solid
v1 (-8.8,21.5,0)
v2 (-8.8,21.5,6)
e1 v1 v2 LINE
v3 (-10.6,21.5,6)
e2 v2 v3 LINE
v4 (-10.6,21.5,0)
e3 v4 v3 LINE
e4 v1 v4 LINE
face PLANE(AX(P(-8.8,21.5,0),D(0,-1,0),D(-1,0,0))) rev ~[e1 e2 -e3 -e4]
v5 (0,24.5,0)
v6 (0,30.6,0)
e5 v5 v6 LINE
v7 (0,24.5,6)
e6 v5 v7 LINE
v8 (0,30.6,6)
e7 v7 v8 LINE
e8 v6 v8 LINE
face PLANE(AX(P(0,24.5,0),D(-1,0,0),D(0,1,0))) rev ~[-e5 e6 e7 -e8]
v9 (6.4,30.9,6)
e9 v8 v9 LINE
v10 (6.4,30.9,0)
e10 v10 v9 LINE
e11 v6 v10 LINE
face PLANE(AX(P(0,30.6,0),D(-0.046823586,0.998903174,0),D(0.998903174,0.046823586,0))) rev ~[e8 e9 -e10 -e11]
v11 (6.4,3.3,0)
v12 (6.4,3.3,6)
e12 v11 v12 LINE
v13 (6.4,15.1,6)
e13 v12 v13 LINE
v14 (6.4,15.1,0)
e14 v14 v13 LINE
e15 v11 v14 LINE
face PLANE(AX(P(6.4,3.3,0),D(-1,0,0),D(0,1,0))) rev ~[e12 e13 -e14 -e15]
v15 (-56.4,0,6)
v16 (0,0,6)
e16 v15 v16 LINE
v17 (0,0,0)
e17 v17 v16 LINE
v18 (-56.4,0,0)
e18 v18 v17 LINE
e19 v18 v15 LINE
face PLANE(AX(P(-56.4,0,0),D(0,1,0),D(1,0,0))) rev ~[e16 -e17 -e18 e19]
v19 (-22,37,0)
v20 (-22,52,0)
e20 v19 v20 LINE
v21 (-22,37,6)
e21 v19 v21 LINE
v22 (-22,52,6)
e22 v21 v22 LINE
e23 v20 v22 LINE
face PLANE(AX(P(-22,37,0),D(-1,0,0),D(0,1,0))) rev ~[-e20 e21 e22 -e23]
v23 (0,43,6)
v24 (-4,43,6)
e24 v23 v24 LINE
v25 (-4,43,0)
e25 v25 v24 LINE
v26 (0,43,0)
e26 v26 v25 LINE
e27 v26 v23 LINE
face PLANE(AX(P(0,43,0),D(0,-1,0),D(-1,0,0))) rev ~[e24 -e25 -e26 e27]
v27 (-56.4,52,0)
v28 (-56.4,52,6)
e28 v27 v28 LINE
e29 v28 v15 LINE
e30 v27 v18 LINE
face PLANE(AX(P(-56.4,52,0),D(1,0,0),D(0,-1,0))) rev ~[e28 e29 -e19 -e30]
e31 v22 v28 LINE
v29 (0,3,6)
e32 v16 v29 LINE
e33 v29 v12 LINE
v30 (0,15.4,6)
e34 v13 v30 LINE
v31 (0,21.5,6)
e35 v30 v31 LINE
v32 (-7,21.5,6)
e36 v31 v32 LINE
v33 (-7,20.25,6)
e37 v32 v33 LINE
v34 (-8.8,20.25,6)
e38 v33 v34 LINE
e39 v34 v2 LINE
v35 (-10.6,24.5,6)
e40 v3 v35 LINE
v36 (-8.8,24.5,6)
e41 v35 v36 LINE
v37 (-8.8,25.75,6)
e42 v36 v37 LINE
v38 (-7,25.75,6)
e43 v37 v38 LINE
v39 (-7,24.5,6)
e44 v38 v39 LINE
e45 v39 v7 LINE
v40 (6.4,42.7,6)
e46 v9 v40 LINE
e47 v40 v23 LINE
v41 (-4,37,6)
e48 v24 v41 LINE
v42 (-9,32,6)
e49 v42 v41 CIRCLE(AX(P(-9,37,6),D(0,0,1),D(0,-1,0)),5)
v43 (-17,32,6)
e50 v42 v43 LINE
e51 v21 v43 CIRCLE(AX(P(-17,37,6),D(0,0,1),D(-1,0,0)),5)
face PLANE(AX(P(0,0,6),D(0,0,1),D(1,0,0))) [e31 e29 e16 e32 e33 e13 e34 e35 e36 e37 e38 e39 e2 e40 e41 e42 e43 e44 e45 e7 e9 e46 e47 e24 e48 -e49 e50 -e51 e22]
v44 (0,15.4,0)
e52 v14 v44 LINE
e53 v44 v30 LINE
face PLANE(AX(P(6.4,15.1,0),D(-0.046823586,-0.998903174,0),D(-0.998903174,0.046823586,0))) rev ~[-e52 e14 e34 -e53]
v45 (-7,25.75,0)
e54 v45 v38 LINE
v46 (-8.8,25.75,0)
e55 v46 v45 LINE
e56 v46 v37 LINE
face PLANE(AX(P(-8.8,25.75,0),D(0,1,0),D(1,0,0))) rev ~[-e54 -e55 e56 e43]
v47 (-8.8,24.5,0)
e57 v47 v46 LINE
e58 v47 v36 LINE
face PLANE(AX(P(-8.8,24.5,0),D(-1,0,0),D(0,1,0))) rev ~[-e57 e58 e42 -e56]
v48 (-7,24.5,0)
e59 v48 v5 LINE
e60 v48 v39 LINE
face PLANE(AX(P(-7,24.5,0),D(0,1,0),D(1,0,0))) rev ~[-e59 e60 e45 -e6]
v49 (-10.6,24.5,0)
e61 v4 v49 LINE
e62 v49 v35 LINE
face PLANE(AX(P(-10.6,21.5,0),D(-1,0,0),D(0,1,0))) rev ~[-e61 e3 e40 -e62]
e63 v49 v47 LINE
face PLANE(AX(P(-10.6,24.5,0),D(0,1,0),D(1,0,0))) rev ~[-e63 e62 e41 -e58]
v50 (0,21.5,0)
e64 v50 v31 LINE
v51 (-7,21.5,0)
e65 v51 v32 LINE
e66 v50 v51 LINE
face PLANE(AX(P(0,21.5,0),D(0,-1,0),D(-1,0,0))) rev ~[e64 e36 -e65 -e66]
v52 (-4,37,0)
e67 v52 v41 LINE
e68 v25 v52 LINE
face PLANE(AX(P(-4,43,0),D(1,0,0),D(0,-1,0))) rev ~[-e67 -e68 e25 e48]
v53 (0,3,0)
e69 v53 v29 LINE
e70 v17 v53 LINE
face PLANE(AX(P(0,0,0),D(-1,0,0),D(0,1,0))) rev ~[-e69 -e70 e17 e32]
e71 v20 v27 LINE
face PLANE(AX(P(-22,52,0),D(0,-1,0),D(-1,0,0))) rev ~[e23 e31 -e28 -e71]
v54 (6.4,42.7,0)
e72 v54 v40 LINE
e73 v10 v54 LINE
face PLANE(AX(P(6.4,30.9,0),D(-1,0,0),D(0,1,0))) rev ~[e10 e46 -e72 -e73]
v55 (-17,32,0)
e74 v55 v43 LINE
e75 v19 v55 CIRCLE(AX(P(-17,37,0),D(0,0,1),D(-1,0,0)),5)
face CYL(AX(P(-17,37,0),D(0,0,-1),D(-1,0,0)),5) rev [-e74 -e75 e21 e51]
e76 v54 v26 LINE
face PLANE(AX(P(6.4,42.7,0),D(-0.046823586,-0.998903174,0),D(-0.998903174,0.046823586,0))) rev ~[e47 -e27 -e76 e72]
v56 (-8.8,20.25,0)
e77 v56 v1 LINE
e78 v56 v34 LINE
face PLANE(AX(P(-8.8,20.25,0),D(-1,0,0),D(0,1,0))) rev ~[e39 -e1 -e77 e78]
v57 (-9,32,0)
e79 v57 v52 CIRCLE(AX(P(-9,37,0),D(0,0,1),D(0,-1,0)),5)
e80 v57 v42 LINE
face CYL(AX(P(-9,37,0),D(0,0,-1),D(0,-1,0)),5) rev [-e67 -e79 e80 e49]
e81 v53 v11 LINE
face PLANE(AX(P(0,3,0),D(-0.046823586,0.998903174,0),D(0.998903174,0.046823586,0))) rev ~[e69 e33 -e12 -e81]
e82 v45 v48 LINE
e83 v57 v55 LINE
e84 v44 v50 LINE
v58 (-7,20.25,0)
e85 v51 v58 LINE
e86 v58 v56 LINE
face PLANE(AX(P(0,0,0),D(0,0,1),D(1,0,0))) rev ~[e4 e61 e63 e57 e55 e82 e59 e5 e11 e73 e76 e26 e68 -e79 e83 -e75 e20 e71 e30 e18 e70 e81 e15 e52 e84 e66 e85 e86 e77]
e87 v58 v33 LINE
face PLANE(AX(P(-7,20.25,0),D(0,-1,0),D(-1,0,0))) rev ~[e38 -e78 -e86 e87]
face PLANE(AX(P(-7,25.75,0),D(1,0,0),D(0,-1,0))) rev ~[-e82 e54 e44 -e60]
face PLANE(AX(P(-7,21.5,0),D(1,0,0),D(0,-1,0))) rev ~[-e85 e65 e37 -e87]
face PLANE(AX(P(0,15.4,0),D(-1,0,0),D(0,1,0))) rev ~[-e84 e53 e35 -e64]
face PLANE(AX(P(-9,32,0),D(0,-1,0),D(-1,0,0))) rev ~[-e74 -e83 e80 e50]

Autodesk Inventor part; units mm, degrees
ref_plane "YZ Plane" through (0, 0, 0) normal (1, 0, 0) x (0, 1, 0)
ref_plane "XZ Plane" through (0, 0, 0) normal (0, 1, 0) x (-1, 0, 0)
ref_plane "XY Plane" through (0, 0, 0) normal (0, 0, 1) x (1, 0, 0)
sketch "Sketch1" plane through (0, 0, 0) normal (0, 0, 1) x (1, 0, 0)
  line L0 (0, 43) -> (-4, 43)
  line L1 (-4, 43) -> (-4, 37)
  arc A0 (-9, 32) -> (-4, 37) centre (-9, 37) ccw
  line L2 (-9, 32) -> (-17, 32)
  arc A1 (-22, 37) -> (-17, 32) centre (-17, 37) ccw
  line L3 (-22, 37) -> (-22, 52)
  line L4 (-22, 52) -> (-56.4, 52)
  line L5 (-56.4, 52) -> (-56.4, 0)
  line L6 (-56.4, 0) -> (0, 0)
  line L7 (0, 0) -> (0, 3)
  line L8 (0, 3) -> (6.4, 3.3)
  line L9 (6.4, 3.3) -> (6.4, 15.1)
  line L10 (6.4, 15.1) -> (0, 15.4)
  line L11 (0, 15.4) -> (0, 21.5)
  line L12 (0, 21.5) -> (-7, 21.5)
  line L13 (-7, 21.5) -> (-7, 20.25)
  line L14 (-7, 20.25) -> (-8.8, 20.25)
  line L15 (-8.8, 20.25) -> (-8.8, 21.5)
  line L16 (-8.8, 21.5) -> (-10.6, 21.5)
  line L17 (-10.6, 21.5) -> (-10.6, 24.5)
  line L18 (-10.6, 24.5) -> (-8.8, 24.5)
  line L19 (-8.8, 24.5) -> (-8.8, 25.75)
  line L20 (-8.8, 25.75) -> (-7, 25.75)
  line L21 (-7, 25.75) -> (-7, 24.5)
  line L22 (-7, 24.5) -> (0, 24.5)
  line L23 (0, 24.5) -> (0, 30.6)
  line L24 (0, 30.6) -> (6.4, 30.9)
  line L25 (6.4, 30.9) -> (6.4, 42.7)
  line L26 (6.4, 42.7) -> (0, 43)
extrude "Extrusion1" add sketch "Sketch1" along normal blind 6
properties part number "boardCaseBack"
